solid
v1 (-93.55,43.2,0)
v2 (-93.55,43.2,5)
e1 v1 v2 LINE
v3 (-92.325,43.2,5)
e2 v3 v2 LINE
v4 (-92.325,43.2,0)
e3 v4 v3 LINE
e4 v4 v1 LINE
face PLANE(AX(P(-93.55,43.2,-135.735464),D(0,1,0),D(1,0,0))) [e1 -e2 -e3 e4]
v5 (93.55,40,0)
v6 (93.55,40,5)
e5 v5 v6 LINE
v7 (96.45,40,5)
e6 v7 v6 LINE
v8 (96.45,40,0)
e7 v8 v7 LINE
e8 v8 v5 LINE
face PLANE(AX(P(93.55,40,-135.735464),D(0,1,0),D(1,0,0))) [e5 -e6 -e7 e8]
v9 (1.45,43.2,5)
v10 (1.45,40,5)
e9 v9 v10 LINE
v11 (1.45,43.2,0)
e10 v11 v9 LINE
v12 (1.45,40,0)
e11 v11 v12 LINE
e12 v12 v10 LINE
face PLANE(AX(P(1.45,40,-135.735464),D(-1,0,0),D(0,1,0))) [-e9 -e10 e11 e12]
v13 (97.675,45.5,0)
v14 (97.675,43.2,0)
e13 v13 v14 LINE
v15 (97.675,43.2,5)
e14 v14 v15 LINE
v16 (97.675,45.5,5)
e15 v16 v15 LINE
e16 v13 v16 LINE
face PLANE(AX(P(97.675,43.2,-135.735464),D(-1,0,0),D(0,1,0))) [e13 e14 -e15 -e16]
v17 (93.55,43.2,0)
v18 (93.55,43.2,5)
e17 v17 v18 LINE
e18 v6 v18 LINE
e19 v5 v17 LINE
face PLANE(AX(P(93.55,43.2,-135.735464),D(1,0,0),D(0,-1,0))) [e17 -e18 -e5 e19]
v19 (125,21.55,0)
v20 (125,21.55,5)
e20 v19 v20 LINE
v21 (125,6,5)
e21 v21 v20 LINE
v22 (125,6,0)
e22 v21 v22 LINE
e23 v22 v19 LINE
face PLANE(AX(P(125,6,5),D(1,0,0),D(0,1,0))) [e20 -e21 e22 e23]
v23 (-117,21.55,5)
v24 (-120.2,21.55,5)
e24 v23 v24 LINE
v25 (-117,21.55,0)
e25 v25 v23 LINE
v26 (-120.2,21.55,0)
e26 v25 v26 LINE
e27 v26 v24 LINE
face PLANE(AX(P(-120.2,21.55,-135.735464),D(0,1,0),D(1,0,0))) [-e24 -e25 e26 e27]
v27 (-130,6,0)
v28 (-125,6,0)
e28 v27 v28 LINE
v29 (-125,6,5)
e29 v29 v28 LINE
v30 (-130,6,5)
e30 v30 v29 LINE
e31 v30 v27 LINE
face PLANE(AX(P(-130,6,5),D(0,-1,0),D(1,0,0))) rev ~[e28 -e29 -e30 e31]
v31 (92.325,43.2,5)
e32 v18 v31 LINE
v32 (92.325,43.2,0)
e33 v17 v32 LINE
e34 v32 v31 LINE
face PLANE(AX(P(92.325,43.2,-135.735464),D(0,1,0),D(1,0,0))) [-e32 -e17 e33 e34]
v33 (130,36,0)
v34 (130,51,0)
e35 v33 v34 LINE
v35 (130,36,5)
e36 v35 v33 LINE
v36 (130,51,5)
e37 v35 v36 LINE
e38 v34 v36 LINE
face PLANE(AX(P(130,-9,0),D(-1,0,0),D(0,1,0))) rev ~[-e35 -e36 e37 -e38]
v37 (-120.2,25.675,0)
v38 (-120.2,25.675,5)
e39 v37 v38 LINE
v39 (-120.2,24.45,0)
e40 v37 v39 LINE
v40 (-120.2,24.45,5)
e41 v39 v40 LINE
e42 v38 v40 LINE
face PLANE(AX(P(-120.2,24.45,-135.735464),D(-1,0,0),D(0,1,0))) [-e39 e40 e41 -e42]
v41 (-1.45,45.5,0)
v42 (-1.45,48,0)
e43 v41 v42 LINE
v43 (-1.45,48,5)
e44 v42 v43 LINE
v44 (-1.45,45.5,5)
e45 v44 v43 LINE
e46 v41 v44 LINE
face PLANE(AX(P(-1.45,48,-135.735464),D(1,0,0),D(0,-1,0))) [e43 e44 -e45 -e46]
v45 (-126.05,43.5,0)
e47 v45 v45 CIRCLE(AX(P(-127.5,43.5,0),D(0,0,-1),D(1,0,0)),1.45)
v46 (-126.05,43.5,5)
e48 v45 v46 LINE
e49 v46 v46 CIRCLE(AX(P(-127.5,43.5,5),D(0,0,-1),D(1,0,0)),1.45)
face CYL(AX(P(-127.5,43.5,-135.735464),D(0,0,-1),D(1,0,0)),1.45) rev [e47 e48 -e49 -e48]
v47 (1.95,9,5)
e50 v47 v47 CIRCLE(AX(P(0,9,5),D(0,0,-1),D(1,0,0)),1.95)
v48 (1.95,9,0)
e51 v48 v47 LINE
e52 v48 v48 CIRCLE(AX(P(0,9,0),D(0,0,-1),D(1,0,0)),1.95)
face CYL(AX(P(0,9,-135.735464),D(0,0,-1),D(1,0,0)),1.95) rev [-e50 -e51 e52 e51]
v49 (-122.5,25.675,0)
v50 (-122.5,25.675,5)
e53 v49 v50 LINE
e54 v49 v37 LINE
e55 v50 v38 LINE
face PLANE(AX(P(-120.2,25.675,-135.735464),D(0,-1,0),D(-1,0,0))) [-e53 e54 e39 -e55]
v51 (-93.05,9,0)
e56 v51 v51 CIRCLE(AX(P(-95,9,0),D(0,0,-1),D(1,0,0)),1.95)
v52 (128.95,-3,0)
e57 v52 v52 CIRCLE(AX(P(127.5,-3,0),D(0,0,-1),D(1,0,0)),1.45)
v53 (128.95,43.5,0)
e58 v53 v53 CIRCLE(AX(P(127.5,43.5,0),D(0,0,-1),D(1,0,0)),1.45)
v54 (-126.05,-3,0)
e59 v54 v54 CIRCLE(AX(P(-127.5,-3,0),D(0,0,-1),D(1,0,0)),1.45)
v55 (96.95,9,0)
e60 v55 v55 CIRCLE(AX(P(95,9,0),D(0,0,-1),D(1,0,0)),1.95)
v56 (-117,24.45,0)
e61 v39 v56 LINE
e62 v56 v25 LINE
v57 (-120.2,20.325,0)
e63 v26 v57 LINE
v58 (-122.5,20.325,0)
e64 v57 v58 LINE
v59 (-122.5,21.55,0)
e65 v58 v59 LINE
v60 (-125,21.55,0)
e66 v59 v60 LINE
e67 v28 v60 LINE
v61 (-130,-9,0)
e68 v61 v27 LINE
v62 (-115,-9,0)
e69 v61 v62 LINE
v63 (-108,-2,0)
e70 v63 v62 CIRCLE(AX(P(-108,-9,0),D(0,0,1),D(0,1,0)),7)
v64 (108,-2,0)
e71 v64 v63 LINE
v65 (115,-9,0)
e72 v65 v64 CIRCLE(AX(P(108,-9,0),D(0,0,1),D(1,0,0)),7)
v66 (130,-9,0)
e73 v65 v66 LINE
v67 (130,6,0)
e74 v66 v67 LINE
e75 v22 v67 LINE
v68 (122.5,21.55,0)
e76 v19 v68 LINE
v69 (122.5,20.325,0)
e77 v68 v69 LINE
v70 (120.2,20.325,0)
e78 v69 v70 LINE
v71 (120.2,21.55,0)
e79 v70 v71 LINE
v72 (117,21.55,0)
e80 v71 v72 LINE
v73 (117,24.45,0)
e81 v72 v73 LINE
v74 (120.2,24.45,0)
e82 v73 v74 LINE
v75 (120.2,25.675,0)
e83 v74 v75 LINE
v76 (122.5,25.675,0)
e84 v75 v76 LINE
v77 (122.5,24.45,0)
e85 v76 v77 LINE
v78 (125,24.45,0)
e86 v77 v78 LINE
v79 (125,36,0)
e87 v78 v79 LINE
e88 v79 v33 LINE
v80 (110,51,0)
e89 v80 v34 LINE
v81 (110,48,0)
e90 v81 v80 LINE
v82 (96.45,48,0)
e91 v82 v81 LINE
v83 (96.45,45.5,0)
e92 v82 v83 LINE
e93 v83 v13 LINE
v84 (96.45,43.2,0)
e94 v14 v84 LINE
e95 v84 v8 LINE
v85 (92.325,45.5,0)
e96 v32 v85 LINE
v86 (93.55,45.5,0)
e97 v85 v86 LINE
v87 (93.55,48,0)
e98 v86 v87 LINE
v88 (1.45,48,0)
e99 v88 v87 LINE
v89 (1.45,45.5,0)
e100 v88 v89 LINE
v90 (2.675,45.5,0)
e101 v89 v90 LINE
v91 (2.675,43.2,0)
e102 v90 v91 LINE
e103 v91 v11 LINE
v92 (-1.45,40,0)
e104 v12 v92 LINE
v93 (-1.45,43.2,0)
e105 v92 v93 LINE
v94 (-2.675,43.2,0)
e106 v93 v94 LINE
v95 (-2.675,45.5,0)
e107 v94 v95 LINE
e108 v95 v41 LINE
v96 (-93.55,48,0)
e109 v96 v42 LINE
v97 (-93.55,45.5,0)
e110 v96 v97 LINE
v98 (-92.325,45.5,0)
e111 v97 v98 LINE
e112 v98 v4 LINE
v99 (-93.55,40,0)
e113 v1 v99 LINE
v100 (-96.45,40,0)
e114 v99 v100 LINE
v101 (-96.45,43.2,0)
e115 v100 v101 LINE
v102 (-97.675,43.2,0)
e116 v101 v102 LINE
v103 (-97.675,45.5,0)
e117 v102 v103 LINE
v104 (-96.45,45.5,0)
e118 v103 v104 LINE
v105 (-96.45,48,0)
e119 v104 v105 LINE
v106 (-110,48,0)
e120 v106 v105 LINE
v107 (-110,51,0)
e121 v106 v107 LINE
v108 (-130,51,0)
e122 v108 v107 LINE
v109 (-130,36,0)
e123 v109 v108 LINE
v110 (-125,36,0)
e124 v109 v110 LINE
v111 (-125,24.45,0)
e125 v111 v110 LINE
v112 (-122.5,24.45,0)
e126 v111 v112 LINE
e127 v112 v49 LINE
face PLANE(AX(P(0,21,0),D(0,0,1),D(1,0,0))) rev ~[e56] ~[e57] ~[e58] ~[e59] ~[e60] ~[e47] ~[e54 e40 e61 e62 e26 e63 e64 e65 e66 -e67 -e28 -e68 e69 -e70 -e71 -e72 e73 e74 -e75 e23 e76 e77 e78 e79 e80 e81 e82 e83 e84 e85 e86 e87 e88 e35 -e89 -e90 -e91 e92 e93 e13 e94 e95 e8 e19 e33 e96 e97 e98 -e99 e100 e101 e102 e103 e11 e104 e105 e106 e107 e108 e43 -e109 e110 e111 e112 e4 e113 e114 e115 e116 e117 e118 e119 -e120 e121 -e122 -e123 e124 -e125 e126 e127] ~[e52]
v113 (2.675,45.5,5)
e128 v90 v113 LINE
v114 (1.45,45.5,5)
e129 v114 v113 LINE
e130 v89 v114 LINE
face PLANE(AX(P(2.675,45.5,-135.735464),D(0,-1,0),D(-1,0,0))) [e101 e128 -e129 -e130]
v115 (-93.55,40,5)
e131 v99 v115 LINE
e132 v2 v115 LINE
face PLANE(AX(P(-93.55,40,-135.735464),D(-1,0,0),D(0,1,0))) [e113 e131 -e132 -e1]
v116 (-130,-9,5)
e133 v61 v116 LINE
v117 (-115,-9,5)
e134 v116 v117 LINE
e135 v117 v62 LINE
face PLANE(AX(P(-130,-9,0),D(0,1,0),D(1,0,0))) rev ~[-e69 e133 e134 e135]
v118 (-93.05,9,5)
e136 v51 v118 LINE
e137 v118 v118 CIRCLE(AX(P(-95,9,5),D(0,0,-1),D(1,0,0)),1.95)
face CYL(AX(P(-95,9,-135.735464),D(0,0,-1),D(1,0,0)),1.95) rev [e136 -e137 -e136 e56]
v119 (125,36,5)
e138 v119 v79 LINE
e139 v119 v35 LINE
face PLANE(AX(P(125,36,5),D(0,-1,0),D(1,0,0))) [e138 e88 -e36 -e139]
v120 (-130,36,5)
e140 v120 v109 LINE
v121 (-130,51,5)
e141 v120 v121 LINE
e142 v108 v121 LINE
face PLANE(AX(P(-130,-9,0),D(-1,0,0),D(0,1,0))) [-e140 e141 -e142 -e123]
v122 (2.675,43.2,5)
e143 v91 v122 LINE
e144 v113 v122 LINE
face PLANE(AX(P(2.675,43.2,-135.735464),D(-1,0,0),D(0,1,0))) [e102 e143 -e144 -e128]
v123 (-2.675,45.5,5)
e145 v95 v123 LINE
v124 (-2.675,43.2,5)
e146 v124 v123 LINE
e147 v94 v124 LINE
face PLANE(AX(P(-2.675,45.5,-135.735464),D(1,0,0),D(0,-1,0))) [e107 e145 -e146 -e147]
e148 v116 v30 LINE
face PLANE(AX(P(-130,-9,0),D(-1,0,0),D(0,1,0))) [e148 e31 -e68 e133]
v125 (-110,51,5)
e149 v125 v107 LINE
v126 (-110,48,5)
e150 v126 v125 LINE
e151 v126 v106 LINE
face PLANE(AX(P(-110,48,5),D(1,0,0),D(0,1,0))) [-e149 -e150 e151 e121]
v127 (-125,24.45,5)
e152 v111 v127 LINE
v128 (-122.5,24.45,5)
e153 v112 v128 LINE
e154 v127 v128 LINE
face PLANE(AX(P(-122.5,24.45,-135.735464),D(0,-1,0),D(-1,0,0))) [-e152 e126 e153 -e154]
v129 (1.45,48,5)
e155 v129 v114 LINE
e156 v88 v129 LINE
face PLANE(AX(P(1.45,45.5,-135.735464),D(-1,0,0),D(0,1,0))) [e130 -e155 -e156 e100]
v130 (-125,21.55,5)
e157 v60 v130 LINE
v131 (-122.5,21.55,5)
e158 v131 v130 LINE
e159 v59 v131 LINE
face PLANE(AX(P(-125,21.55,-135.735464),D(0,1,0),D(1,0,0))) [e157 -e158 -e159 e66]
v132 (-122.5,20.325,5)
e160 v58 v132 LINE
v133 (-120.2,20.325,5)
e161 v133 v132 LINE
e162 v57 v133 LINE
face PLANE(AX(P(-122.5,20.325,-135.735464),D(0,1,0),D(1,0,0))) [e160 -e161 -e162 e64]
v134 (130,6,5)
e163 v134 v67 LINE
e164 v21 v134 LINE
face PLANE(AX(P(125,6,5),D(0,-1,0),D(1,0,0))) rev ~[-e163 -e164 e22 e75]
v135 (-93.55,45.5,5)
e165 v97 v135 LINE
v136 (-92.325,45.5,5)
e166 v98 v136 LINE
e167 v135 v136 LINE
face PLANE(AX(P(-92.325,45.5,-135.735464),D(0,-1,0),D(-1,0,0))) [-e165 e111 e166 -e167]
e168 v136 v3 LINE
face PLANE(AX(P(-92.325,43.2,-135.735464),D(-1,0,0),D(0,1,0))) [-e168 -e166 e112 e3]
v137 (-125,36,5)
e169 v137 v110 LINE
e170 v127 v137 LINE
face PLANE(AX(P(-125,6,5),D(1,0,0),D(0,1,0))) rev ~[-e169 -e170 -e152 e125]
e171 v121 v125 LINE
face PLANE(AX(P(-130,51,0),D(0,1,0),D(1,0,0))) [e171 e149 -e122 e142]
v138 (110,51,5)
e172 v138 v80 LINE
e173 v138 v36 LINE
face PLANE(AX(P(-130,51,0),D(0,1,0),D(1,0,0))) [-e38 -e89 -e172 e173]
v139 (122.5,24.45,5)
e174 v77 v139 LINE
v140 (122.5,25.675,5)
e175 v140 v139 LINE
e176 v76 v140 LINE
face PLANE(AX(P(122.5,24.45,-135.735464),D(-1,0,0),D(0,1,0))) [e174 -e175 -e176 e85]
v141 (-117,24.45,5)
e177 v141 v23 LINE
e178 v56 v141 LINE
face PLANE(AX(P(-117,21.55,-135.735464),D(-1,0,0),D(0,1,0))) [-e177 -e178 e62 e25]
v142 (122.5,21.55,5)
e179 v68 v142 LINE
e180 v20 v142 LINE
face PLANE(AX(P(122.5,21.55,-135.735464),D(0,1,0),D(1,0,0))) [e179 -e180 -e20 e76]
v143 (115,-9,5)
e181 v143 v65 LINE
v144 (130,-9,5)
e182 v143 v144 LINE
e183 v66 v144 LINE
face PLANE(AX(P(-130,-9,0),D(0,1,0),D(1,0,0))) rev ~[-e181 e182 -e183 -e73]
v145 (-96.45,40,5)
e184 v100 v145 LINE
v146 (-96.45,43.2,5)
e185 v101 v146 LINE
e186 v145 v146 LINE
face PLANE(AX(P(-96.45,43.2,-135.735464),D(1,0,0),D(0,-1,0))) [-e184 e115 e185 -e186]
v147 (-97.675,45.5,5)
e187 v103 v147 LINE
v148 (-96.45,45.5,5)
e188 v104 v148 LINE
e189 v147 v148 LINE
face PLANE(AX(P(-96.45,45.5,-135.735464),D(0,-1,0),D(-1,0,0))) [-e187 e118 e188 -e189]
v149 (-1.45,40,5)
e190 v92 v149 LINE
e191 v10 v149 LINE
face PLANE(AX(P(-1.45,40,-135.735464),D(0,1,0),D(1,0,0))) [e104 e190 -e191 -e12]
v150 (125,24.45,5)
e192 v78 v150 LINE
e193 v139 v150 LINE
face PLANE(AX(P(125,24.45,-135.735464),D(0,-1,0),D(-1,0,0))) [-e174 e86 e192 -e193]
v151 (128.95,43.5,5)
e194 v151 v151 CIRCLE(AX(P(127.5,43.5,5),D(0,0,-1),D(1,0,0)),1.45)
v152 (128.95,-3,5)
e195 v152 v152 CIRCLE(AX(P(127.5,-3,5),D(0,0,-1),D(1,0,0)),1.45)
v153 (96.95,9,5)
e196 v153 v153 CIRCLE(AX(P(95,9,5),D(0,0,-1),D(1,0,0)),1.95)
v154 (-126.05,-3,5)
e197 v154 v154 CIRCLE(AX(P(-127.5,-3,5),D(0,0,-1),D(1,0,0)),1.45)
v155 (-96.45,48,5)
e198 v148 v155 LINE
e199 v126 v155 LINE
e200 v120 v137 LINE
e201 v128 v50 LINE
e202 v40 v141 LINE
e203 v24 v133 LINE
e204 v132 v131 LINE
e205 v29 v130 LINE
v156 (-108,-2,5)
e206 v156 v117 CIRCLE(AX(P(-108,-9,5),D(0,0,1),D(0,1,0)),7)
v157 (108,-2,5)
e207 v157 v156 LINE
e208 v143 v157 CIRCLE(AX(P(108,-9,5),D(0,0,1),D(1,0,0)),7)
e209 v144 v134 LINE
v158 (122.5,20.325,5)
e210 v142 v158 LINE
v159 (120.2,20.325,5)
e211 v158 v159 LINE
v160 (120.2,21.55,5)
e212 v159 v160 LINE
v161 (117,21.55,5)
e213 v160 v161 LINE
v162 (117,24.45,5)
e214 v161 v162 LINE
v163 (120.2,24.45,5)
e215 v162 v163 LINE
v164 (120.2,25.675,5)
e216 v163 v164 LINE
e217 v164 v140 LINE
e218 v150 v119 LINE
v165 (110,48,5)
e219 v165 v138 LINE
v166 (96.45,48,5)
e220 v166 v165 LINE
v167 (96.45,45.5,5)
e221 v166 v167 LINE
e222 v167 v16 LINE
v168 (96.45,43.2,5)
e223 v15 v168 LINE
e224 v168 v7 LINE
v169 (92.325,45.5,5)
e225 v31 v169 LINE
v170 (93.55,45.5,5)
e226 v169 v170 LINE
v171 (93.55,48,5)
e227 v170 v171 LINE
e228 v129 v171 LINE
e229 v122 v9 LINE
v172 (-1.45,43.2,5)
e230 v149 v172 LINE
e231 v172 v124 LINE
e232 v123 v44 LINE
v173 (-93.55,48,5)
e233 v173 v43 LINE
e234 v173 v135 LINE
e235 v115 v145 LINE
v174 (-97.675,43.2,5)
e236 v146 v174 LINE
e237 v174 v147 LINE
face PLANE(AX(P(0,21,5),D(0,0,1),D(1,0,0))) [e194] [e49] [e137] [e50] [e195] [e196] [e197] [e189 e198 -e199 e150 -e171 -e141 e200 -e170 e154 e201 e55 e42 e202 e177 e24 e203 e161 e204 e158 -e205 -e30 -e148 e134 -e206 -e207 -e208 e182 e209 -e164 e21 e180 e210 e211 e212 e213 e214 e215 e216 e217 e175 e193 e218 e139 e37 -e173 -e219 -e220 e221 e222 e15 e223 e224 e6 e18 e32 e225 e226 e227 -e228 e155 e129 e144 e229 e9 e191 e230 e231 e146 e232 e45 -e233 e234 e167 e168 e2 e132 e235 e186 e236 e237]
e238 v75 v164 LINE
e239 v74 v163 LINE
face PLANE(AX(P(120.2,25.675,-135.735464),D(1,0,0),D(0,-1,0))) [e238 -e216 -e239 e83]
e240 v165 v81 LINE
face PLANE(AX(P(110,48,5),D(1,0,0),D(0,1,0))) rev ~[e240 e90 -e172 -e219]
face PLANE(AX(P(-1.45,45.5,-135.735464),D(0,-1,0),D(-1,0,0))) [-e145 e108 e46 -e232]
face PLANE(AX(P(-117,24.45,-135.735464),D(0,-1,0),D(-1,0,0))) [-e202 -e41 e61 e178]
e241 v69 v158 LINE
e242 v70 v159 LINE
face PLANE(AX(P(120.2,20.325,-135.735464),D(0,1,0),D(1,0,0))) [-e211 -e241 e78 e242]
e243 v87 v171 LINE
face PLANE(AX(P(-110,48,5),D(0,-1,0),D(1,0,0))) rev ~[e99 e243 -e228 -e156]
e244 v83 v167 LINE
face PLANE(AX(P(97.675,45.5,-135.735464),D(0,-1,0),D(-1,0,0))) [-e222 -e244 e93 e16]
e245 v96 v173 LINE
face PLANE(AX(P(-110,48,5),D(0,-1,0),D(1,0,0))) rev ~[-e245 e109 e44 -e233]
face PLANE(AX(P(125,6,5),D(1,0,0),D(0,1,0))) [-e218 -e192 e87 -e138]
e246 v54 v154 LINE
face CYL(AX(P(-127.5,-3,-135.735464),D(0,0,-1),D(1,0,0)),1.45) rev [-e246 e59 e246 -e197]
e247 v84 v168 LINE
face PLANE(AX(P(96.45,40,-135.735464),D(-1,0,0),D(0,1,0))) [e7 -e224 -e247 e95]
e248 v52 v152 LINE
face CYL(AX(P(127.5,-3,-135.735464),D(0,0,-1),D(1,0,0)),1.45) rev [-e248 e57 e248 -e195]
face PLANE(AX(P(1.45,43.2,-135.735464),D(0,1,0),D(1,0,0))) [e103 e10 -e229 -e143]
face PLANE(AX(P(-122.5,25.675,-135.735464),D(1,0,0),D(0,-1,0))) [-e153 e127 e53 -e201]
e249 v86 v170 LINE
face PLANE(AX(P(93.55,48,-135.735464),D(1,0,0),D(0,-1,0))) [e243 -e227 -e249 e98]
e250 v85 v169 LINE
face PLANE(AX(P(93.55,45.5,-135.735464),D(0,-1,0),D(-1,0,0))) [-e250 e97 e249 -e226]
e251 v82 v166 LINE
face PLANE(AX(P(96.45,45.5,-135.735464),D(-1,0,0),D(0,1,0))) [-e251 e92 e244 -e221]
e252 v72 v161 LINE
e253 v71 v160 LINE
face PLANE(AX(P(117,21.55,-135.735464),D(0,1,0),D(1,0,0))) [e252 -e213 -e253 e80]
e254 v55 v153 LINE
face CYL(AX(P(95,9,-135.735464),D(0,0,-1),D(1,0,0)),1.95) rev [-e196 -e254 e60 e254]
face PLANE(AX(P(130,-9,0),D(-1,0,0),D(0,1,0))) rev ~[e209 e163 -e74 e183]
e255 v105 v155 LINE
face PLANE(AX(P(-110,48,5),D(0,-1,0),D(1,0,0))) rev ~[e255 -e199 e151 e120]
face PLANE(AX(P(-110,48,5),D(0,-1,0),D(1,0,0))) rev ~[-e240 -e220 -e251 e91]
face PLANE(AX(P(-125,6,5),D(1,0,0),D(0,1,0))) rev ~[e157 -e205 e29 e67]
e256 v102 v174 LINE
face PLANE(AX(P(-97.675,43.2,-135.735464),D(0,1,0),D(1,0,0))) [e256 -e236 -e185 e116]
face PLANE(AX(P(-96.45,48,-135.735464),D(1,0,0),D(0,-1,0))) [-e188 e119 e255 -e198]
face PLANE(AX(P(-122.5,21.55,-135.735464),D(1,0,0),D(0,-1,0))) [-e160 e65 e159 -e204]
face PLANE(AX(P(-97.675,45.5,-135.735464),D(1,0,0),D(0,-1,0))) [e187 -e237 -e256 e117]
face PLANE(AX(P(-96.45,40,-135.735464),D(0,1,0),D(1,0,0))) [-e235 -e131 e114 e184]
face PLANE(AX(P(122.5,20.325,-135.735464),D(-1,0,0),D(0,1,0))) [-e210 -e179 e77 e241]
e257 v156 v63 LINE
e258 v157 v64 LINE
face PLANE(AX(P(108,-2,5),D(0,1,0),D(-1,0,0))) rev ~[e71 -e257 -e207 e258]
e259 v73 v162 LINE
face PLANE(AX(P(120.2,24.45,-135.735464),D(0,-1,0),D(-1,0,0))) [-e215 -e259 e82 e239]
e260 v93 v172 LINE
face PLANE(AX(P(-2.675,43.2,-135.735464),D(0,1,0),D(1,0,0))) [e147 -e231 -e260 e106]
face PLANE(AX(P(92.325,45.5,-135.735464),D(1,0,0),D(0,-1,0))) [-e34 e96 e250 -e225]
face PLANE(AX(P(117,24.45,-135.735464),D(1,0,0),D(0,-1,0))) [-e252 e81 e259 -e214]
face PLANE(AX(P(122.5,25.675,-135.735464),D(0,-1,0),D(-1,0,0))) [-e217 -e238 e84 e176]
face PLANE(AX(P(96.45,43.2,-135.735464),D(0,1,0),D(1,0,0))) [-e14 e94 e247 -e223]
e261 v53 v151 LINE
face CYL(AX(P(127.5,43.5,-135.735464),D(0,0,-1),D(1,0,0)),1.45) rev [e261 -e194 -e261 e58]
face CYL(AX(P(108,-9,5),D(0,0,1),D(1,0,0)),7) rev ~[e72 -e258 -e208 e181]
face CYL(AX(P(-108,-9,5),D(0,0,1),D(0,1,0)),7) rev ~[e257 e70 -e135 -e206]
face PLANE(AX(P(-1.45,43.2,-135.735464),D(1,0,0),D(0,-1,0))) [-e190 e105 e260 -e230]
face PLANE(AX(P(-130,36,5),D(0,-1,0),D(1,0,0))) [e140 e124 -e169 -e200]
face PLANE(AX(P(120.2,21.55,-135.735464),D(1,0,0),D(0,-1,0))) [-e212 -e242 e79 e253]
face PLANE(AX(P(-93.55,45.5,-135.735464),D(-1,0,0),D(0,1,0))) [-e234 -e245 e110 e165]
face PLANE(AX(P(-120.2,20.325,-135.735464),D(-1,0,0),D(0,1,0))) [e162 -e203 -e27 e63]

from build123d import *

# Parameters (mm, degrees)
SKETCH1_W               = 260
SKETCH1_H               = 60
BOSS_EXTRUDE1_DEPTH     = 5
SKETCH2_W               = 5
SKETCH2_H               = 30
SKETCH2_W_2             = 220
SKETCH2_H_2             = 3
CUT_EXTRUDE1_DEPTH      = 140.73546436
CUT_EXTRUDE2_DEPTH      = 140.73546436
CUT_EXTRUDE2_DEPTH_BACK = 140.73546436
SKETCH3_R               = 1.45
SKETCH3_R_2             = 1.95


with BuildPart() as part:
    # Sketch1 → Boss-Extrude1 (new body)
    with BuildSketch(Plane.XY):
        with Locations((0, 21)):
            Rectangle(SKETCH1_W, SKETCH1_H)
    extrude(amount=BOSS_EXTRUDE1_DEPTH)

    # Sketch2 → Cut-Extrude1 (cut, through all)
    with BuildSketch(Plane.XY.offset(5)):
        with Locations((-127.5, 21)):
            Rectangle(SKETCH2_W, SKETCH2_H)
        with Locations((0, 49.5)):
            Rectangle(SKETCH2_W_2, SKETCH2_H_2)
        with Locations((127.5, 21)):
            Rectangle(SKETCH2_W, SKETCH2_H)
        with BuildLine():
            Line((108, -2), (-108, -2))
            ThreePointArc((-108, -2), (-103.050252532, -4.050252532), (-101, -9))
            Line((-101, -9), (101, -9))
            ThreePointArc((101, -9), (103.050252532, -4.050252532), (108, -2))
        make_face()
        with BuildLine():
            Line((108, -9), (115, -9))
            ThreePointArc((115, -9), (112.949747468, -4.050252532), (108, -2))
            Line((108, -2), (108, -9))
        make_face()
        with BuildLine():
            Line((108, -9), (108, -2))
            ThreePointArc((108, -2), (103.050252532, -4.050252532), (101, -9))
            Line((101, -9), (108, -9))
        make_face()
        with BuildLine():
            ThreePointArc((-108, -2), (-112.949747468, -4.050252532), (-115, -9))
            Line((-115, -9), (-108, -9))
            Line((-108, -9), (-108, -2))
        make_face()
        with BuildLine():
            ThreePointArc((-101, -9), (-103.050252532, -4.050252532), (-108, -2))
            Line((-108, -2), (-108, -9))
            Line((-108, -9), (-101, -9))
        make_face()
    extrude(amount=-CUT_EXTRUDE1_DEPTH, mode=Mode.SUBTRACT)

    # Sketch3 → Cut-Extrude2 (cut, two sides: drawn at the far end of the back side and taken through both)
    with BuildSketch(Plane.XY.offset(5).offset(-CUT_EXTRUDE2_DEPTH_BACK)):
        Polygon((-96.45, 43.2), (-96.45, 40), (-93.55, 40), (-93.55, 43.2), (-92.325, 43.2), (-92.325, 45.5), (-93.55, 45.5), (-93.55, 48), (-96.45, 48), (-96.45, 45.5), (-97.675, 45.5), (-97.675, 43.2), align=None)
        Polygon((97.675, 43.2), (97.675, 45.5), (96.45, 45.5), (96.45, 48), (93.55, 48), (93.55, 45.5), (92.325, 45.5), (92.325, 43.2), (93.55, 43.2), (93.55, 40), (96.45, 40), (96.45, 43.2), align=None)
        Polygon((125, 21.55), (125, 24.45), (122.5, 24.45), (122.5, 25.675), (120.2, 25.675), (120.2, 24.45), (117, 24.45), (117, 21.55), (120.2, 21.55), (120.2, 20.325), (122.5, 20.325), (122.5, 21.55), align=None)
        Polygon((-2.675, 45.5), (-2.675, 43.2), (-1.45, 43.2), (-1.45, 40), (1.45, 40), (1.45, 43.2), (2.675, 43.2), (2.675, 45.5), (1.45, 45.5), (1.45, 48), (-1.45, 48), (-1.45, 45.5), align=None)
        Polygon((-120.2, 21.55), (-117, 21.55), (-117, 24.45), (-120.2, 24.45), (-120.2, 25.675), (-122.5, 25.675), (-122.5, 24.45), (-125, 24.45), (-125, 21.55), (-122.5, 21.55), (-122.5, 20.325), (-120.2, 20.325), align=None)
        with Locations((-127.5, 43.5)):
            Circle(SKETCH3_R)
        with Locations((-127.5, -3)):
            Circle(SKETCH3_R)
        with Locations((127.5, -3)):
            Circle(SKETCH3_R)
        with Locations((127.5, 43.5)):
            Circle(SKETCH3_R)
        with Locations((-95, 9)):
            Circle(SKETCH3_R_2)
        with Locations((95, 9)):
            Circle(SKETCH3_R_2)
        with Locations((0, 9)):
            Circle(SKETCH3_R_2)
    extrude(amount=CUT_EXTRUDE2_DEPTH + CUT_EXTRUDE2_DEPTH_BACK, mode=Mode.SUBTRACT)


solid = part.part
